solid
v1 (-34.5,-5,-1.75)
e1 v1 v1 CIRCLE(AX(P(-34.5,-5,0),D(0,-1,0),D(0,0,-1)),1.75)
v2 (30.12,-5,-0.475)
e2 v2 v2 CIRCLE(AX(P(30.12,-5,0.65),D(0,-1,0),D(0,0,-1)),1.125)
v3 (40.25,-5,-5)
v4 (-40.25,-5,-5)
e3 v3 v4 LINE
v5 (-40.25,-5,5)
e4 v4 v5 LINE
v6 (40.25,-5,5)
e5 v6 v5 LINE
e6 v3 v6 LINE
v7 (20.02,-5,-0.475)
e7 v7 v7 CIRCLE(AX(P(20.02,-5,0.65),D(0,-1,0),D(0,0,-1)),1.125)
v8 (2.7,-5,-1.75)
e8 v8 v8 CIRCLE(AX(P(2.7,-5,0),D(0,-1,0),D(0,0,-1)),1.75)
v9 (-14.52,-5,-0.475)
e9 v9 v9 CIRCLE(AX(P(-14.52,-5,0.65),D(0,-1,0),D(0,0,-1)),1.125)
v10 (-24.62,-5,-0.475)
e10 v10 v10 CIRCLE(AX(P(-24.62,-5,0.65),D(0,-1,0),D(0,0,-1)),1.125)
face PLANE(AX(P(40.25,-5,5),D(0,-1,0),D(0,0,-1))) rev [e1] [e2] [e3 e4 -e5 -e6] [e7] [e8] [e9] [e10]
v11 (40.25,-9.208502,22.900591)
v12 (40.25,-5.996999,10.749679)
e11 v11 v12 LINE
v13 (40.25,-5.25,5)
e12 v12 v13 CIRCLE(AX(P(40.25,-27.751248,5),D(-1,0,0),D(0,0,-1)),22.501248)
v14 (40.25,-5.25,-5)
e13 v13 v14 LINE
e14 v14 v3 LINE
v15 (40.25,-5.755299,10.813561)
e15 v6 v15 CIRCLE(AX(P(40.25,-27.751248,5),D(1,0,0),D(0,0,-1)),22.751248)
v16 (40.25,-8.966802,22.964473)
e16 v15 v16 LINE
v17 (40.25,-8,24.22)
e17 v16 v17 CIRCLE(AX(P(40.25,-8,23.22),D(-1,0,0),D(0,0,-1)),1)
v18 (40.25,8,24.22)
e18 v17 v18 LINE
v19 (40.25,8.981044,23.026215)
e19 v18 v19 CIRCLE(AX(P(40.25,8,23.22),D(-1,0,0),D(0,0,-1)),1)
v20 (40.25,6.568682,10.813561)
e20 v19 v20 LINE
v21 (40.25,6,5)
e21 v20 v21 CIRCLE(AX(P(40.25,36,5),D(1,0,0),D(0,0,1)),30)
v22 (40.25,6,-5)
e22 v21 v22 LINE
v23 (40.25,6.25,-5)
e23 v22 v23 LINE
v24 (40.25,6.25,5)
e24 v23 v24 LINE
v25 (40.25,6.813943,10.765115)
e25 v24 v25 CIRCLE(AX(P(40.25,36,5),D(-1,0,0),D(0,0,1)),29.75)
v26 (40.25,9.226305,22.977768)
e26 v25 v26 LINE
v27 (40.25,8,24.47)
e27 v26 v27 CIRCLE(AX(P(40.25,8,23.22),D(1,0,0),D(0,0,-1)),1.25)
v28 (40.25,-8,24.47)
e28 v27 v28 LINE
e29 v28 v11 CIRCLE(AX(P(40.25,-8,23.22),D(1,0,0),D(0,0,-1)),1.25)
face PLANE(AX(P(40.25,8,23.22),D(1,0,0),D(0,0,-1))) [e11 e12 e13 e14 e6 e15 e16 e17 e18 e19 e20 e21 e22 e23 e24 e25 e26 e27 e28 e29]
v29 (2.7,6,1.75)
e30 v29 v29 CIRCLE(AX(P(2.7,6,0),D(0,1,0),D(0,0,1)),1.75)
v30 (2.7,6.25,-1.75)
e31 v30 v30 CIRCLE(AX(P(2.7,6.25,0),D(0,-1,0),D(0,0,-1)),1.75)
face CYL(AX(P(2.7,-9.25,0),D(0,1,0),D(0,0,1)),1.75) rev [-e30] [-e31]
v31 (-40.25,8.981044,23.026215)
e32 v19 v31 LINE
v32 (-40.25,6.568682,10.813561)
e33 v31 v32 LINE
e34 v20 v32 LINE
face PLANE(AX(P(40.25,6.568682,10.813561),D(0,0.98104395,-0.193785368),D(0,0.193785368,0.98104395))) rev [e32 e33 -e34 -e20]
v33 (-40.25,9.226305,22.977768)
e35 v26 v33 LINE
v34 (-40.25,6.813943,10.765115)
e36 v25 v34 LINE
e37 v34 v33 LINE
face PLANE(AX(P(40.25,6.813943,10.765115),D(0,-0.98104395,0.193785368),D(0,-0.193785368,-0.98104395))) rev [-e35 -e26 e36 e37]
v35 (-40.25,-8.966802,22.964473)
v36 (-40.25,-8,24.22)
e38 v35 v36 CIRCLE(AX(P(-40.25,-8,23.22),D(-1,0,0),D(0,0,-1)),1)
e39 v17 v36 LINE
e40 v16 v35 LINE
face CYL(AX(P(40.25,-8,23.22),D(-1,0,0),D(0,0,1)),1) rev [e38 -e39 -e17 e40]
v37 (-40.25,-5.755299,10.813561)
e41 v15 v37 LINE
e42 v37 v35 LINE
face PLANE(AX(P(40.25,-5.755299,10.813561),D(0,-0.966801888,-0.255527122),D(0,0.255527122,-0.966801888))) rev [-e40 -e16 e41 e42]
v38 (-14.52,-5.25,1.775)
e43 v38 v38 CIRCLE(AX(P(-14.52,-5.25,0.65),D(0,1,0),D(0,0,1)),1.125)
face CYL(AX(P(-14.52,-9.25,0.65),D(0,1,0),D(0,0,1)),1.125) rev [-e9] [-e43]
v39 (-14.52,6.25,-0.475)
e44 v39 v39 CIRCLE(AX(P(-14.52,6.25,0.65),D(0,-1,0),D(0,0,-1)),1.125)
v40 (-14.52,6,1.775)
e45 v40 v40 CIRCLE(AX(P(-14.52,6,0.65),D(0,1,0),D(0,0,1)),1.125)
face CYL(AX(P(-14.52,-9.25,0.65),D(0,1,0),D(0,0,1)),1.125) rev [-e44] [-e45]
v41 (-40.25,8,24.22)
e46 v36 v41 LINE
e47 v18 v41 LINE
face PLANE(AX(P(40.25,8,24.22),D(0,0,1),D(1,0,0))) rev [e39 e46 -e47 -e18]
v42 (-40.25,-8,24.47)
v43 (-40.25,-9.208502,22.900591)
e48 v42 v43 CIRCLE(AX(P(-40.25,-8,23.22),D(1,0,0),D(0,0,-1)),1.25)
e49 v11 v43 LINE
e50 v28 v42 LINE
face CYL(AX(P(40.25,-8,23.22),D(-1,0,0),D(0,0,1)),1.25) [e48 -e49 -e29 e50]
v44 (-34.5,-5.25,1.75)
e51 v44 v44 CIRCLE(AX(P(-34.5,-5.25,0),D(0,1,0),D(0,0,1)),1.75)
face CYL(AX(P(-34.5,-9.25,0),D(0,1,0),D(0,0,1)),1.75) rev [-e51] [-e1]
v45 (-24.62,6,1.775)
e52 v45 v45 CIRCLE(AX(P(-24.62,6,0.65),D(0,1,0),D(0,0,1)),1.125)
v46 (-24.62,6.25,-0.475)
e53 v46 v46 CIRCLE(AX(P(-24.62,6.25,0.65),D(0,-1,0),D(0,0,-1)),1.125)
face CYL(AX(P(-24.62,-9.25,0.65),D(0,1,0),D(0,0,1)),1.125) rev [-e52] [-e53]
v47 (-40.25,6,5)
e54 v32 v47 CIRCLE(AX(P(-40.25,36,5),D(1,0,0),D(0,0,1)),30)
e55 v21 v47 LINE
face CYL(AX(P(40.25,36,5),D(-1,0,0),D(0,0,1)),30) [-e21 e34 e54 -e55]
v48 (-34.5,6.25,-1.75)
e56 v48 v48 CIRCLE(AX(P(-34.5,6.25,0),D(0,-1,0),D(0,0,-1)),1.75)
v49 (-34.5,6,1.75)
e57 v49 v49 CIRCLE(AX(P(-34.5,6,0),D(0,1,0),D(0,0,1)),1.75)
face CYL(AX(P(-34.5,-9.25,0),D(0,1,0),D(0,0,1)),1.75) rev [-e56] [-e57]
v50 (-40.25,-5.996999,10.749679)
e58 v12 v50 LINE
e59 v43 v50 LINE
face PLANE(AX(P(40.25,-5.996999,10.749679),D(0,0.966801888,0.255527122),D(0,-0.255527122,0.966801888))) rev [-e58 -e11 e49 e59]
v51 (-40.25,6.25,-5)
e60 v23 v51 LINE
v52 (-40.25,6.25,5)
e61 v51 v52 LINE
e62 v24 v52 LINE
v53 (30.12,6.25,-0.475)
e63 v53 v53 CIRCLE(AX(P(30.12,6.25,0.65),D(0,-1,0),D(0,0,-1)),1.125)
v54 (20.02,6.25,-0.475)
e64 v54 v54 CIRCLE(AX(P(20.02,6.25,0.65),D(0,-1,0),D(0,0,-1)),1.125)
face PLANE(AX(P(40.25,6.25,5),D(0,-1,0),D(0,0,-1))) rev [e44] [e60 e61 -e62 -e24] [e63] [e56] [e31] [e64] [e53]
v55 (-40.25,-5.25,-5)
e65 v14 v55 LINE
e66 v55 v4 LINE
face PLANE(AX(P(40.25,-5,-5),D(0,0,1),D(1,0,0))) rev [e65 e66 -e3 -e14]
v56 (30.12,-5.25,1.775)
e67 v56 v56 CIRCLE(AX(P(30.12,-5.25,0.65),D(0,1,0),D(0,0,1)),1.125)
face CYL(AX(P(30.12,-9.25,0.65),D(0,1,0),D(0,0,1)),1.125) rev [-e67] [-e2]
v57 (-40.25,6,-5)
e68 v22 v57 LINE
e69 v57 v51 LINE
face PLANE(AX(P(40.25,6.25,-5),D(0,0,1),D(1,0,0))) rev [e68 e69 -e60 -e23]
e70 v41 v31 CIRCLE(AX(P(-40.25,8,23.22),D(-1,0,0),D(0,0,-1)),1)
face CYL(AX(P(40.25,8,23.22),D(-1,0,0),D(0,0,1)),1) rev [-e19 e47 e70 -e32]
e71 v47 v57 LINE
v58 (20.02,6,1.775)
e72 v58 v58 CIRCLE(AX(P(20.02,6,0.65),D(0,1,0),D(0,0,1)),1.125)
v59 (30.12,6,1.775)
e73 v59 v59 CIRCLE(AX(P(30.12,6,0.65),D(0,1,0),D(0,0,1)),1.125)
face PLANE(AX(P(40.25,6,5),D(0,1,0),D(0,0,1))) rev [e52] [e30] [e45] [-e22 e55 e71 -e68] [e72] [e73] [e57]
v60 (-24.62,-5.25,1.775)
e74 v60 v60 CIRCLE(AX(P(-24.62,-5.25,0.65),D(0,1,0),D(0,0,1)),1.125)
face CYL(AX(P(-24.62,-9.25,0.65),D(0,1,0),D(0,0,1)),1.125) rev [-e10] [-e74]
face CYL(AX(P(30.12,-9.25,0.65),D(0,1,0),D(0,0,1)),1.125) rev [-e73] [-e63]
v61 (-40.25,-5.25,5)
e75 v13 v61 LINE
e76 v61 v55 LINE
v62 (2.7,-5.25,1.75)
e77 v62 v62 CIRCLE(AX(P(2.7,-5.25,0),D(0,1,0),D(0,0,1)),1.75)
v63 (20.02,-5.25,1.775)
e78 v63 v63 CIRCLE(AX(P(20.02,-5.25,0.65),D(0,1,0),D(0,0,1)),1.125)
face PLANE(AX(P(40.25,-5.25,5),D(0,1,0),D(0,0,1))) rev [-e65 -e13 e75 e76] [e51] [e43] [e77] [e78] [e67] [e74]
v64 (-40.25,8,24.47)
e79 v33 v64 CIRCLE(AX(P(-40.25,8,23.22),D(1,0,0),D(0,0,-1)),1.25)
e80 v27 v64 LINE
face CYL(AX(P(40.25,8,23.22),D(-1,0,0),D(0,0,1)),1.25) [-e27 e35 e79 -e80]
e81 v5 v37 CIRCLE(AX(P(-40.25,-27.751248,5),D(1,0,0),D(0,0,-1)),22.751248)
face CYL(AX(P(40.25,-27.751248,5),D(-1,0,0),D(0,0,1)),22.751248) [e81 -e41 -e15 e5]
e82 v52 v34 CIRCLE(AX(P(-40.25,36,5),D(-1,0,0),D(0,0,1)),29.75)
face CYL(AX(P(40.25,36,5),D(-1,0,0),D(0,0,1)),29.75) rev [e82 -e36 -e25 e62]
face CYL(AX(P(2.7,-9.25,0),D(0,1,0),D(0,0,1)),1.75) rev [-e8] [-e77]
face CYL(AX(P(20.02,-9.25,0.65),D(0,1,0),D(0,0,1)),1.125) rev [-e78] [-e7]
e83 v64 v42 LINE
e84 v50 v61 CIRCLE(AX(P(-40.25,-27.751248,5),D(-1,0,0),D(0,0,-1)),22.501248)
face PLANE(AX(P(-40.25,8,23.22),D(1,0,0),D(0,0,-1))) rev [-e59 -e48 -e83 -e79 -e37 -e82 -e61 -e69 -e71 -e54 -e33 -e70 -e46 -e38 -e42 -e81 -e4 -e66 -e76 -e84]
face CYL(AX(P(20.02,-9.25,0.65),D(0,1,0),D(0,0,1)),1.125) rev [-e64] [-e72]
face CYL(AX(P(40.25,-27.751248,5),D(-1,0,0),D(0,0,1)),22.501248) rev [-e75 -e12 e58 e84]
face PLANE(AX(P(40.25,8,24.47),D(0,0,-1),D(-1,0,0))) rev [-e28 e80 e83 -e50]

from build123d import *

# Parameters (mm, degrees)
EXTRUDE1_DEPTH          = 40.25
SKETCH2_R               = 1.75
SKETCH2_R_2             = 1.125
CUT_EXTRUDE1_DEPTH      = 10.25
CUT_EXTRUDE1_DEPTH_BACK = 10.25


with BuildPart() as part:
    # Sketch1 → Extrude1 (new body, symmetric)
    with BuildSketch(Plane(origin=(0, 0, 0), x_dir=(0, 0, -1), z_dir=(1, 0, 0))):
        with BuildLine():
            Line((-24.22, 8), (-24.22, -8))
            ThreePointArc((-24.22, -8), (-23.830111825, -8.792315317), (-22.964472878, -8.966801888))
            Line((-22.964472878, -8.966801888), (-10.813561051, -5.755298505))
            ThreePointArc((-10.813561051, -5.755298505), (-7.931209986, -5.189614776), (-5, -5))
            Line((-5, -5), (5, -5))
            Line((5, -5), (5, -5.25))
            Line((5, -5.25), (-5, -5.25))
            ThreePointArc((-5, -5.25), (-7.899000655, -5.437531211), (-10.749679271, -5.996998977))
            Line((-10.749679271, -5.996998977), (-22.900591097, -9.208502359))
            ThreePointArc((-22.900591097, -9.208502359), (-23.982639781, -8.990394146), (-24.47, -8))
            Line((-24.47, -8), (-24.47, 8))
            ThreePointArc((-24.47, 8), (-24.013634161, 8.965735377), (-22.97776829, 9.226304937))
            Line((-22.97776829, 9.226304937), (-10.765114709, 6.8139425))
            ThreePointArc((-10.765114709, 6.8139425), (-7.896315709, 6.391321284), (-5, 6.25))
            Line((-5, 6.25), (5, 6.25))
            Line((5, 6.25), (5, 6))
            Line((5, 6), (-5, 6))
            ThreePointArc((-5, 6), (-7.920654497, 6.142508858), (-10.813561051, 6.568681513))
            Line((-10.813561051, 6.568681513), (-23.026214632, 8.98104395))
            ThreePointArc((-23.026214632, 8.98104395), (-23.854907329, 8.772588302), (-24.22, 8))
        make_face()
    extrude(amount=EXTRUDE1_DEPTH, both=True)

    # Sketch2 → Cut-Extrude1 (cut, two sides)
    with BuildSketch(Plane(origin=(0, 0, 0), x_dir=(1, 0, 0), z_dir=(0, 1, 0))) as cut_extrude1_sk:
        with Locations(Location((-34.5, 0, 0), (0, 0, 270))):  # turned: the seam where the file's is
            Circle(SKETCH2_R)
        with Locations(Location((-24.62, -0.65, 0), (0, 0, 270))):  # turned: the seam where the file's is
            Circle(SKETCH2_R_2)
        with Locations(Location((-14.52, -0.65, 0), (0, 0, 270))):  # turned: the seam where the file's is
            Circle(SKETCH2_R_2)
        with Locations(Location((2.7, 0, 0), (0, 0, 270))):  # turned: the seam where the file's is
            Circle(SKETCH2_R)
        with Locations(Location((20.02, -0.65, 0), (0, 0, 270))):  # turned: the seam where the file's is
            Circle(SKETCH2_R_2)
        with Locations(Location((30.12, -0.65, 0), (0, 0, 270))):  # turned: the seam where the file's is
            Circle(SKETCH2_R_2)
    extrude(amount=CUT_EXTRUDE1_DEPTH, mode=Mode.SUBTRACT)
    extrude(cut_extrude1_sk.sketch, amount=-CUT_EXTRUDE1_DEPTH_BACK, mode=Mode.SUBTRACT)


solid = part.part
